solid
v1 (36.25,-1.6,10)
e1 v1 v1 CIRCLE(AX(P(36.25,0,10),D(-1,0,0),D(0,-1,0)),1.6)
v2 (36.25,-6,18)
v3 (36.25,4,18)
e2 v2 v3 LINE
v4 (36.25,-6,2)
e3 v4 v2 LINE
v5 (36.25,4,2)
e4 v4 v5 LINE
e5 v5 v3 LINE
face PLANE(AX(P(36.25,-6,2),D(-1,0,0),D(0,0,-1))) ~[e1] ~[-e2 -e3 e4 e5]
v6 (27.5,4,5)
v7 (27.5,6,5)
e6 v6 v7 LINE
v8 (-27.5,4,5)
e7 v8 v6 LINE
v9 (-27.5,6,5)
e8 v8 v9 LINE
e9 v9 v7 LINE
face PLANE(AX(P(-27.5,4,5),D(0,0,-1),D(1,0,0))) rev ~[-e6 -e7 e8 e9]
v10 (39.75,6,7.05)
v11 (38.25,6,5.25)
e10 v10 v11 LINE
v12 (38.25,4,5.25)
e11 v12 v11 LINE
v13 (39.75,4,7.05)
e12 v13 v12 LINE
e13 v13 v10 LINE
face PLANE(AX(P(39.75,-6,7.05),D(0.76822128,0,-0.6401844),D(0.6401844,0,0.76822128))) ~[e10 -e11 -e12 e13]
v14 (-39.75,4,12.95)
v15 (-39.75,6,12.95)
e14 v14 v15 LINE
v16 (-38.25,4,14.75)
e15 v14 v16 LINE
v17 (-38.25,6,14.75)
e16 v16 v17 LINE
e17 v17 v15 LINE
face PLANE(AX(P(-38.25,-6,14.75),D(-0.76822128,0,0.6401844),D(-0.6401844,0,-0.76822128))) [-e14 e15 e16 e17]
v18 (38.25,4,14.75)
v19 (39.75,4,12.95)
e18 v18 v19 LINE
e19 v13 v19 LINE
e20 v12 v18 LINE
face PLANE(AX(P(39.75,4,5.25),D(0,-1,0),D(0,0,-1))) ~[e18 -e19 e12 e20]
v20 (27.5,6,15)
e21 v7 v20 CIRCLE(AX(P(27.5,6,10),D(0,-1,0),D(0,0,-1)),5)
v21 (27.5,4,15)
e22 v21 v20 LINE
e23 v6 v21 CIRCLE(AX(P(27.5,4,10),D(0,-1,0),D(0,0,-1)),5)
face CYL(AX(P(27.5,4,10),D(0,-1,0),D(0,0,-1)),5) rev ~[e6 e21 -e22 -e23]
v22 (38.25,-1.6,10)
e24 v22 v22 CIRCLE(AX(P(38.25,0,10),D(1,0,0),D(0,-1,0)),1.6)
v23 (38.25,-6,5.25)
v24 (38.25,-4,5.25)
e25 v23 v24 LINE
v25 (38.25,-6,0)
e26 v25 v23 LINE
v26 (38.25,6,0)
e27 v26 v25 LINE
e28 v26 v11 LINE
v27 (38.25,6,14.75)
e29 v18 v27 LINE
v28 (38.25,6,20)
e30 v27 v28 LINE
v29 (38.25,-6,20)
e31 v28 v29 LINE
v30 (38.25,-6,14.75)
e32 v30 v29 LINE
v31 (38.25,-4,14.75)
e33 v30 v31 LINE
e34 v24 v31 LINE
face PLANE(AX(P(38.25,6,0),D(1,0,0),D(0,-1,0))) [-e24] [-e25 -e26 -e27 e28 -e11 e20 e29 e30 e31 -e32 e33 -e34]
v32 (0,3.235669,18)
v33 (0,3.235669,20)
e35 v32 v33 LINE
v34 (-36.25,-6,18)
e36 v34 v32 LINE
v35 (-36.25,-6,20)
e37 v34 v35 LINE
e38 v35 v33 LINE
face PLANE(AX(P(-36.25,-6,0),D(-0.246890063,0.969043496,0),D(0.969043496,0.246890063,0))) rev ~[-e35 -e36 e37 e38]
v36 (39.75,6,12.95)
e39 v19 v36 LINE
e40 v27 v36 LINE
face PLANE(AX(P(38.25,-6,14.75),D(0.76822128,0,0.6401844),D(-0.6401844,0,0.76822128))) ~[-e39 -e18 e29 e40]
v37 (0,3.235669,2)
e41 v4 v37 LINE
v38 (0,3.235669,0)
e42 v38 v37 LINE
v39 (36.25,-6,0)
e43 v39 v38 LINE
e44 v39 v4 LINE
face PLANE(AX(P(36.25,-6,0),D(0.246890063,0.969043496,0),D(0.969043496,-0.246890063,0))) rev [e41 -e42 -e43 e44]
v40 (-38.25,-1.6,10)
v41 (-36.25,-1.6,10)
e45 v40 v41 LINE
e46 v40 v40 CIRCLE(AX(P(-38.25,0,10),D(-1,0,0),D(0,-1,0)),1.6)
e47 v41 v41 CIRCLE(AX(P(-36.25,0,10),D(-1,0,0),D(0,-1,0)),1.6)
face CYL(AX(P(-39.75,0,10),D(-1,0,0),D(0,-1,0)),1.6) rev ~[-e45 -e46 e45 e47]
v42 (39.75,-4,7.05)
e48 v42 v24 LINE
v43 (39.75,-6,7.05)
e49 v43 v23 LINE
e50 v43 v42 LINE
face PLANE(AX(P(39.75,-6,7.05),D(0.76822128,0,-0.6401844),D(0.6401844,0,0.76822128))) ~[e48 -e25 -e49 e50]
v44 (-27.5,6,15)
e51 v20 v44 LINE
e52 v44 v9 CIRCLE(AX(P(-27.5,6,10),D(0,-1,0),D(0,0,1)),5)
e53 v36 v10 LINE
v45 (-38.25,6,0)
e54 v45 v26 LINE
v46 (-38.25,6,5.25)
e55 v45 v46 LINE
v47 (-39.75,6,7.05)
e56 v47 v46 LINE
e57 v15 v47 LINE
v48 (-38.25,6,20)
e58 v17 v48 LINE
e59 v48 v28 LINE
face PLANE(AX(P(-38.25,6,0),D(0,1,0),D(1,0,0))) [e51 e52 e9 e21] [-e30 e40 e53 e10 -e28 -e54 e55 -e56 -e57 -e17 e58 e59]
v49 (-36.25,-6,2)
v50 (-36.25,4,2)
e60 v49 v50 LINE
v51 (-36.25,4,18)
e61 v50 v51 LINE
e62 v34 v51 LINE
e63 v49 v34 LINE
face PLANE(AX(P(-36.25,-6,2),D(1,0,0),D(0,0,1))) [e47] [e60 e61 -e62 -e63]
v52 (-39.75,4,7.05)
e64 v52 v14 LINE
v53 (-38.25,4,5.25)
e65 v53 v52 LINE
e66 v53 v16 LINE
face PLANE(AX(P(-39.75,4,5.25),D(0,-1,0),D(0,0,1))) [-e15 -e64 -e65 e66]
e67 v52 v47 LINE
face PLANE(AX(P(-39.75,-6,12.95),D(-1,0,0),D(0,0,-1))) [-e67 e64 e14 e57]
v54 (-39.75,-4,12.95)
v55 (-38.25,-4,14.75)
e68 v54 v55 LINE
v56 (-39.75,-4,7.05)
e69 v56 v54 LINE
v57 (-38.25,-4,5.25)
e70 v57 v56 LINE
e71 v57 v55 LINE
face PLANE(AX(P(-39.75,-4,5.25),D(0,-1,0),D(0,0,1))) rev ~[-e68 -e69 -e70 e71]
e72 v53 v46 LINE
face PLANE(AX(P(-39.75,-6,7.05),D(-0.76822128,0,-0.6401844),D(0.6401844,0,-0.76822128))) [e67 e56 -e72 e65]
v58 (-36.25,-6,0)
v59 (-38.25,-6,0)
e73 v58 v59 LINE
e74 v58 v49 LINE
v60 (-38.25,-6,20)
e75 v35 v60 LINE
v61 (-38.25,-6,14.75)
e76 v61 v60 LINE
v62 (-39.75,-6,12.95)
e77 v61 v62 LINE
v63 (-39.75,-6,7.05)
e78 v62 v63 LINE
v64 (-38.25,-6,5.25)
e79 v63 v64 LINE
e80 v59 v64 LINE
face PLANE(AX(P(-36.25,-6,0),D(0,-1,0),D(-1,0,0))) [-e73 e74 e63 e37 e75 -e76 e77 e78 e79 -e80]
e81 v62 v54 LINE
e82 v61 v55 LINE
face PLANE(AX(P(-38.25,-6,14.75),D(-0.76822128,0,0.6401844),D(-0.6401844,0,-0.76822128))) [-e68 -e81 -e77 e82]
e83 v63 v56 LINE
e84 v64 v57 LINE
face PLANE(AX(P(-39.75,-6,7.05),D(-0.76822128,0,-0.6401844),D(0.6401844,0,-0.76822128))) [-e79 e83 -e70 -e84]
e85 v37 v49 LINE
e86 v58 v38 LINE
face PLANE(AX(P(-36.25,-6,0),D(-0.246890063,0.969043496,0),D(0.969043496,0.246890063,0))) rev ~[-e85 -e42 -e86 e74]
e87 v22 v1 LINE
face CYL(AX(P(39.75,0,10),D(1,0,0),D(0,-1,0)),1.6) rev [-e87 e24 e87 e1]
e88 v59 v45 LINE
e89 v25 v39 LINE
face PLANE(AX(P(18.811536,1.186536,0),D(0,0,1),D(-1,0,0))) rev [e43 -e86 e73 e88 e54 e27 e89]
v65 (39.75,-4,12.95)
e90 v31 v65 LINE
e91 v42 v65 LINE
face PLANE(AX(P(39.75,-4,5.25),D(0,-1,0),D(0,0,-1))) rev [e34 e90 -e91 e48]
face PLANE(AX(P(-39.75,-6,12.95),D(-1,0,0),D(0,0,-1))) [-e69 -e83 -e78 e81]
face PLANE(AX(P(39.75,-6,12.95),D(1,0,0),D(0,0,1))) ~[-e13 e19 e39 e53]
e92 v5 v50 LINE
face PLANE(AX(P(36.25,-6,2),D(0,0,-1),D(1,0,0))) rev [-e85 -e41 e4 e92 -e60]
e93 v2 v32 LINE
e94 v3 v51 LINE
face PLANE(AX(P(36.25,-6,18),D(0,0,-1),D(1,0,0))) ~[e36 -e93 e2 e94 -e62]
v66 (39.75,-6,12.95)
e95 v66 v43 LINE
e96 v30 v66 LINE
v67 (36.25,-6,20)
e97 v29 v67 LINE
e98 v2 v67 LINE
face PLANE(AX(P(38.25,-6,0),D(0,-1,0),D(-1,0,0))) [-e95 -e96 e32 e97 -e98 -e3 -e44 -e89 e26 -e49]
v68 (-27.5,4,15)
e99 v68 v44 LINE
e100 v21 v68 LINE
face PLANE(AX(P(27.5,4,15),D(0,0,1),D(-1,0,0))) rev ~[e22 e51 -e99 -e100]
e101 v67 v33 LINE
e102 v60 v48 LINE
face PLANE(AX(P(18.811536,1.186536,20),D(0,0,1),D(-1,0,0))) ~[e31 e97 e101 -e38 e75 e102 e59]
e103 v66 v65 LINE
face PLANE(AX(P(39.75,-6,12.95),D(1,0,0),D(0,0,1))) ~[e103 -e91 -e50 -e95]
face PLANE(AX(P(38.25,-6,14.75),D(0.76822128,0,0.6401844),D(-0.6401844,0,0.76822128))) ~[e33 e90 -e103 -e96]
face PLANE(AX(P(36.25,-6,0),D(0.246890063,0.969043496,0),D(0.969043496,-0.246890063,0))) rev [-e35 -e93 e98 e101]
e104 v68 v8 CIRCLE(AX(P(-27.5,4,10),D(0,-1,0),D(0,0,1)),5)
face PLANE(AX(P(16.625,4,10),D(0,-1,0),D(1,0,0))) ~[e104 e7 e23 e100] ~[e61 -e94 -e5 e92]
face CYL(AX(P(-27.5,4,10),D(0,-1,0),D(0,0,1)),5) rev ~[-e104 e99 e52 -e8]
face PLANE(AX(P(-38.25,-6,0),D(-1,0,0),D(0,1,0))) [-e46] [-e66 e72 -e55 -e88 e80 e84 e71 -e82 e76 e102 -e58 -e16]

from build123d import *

# Parameters (mm, degrees)
PAD_DEPTH       = 20
PAD001_DEPTH    = 12
SKETCH002_R     = 1.6
POCKET_DEPTH    = 3.5
SKETCH003_W     = 8
SKETCH003_H     = 9.5
POCKET001_DEPTH = 1.5
PAD002_DEPTH    = 20
SKETCH005_W     = 39.25
SKETCH005_H     = 16
POCKET002_DEPTH = 10
POCKET003_DEPTH = 2


with BuildPart() as part:
    # Sketch → Pad (new body)
    with BuildSketch(Plane.XY):
        Polygon((-36.25, -6), (-38.25, -6), (-38.25, 6), (38.25, 6), (38.25, -6), (36.25, -6), (36.25, 4), (-36.25, 4), align=None)
    extrude(amount=PAD_DEPTH)

    # Sketch001 (on Face1 of Pad) → Pad001 (join)
    with BuildSketch(Plane.XZ.offset(6)):
        Polygon((-38.25, 5.25), (-38.25, 14.75), (-39.75, 12.95), (-39.75, 7.05), align=None)
    pad001 = extrude(amount=-PAD001_DEPTH)

    # Sketch002 (on Face12 of Pad001) → Pocket (cut)
    with BuildSketch(Plane(origin=(-39.75, 0, 0), x_dir=(0, -1, 0), z_dir=(-1, 0, 0))):
        with Locations((0, 10)):
            Circle(SKETCH002_R)
    pocket = extrude(amount=-POCKET_DEPTH, mode=Mode.SUBTRACT)

    # Sketch003 (on Face13 of Pocket) → Pocket001 (cut)
    with BuildSketch(Plane(origin=(-39.75, 0, 0), x_dir=(0, -1, 0), z_dir=(-1, 0, 0))):
        with Locations((0, 10)):
            Rectangle(SKETCH003_W, SKETCH003_H)
    pocket001 = extrude(amount=-POCKET001_DEPTH, mode=Mode.SUBTRACT)

    # Sketch004 (on Face6 of Pocket001) → Pad002 (join)
    with BuildSketch(Plane(origin=(0, 0, 0), x_dir=(1, 0, 0), z_dir=(0, 0, -1))):
        Polygon((-36.25, -4), (-36.25, 6), (3, -4), align=None)
    pad002 = extrude(amount=-PAD002_DEPTH)

    # Sketch005 (on Face1 of Pad002) → Pocket002 (cut)
    with BuildSketch(Plane.XZ.offset(6)):
        with Locations((-16.625, 10)):
            Rectangle(SKETCH005_W, SKETCH005_H)
    pocket002 = extrude(amount=-POCKET002_DEPTH, mode=Mode.SUBTRACT)

    # Mirrored: Pad001, Pocket, Pocket001, Pad002, Pocket002 across YZ
    add(pad001.mirror(Plane.YZ))
    add(pocket.mirror(Plane.YZ), mode=Mode.SUBTRACT)
    add(pocket001.mirror(Plane.YZ), mode=Mode.SUBTRACT)
    add(pad002.mirror(Plane.YZ))
    add(pocket002.mirror(Plane.YZ), mode=Mode.SUBTRACT)

    # Sketch006 (on Face12 of Mirrored) → Pocket003 (cut)
    with BuildSketch(Plane.XZ.offset(-4)):
        with BuildLine():
            ThreePointArc((-27.5, 15), (-32.5, 10), (-27.5, 5))
            Line((-27.5, 5), (27.5, 5))
            ThreePointArc((27.5, 5), (32.5, 10), (27.5, 15))
            Line((27.5, 15), (-27.5, 15))
        make_face()
    extrude(amount=-POCKET003_DEPTH, mode=Mode.SUBTRACT)


solid = part.part
